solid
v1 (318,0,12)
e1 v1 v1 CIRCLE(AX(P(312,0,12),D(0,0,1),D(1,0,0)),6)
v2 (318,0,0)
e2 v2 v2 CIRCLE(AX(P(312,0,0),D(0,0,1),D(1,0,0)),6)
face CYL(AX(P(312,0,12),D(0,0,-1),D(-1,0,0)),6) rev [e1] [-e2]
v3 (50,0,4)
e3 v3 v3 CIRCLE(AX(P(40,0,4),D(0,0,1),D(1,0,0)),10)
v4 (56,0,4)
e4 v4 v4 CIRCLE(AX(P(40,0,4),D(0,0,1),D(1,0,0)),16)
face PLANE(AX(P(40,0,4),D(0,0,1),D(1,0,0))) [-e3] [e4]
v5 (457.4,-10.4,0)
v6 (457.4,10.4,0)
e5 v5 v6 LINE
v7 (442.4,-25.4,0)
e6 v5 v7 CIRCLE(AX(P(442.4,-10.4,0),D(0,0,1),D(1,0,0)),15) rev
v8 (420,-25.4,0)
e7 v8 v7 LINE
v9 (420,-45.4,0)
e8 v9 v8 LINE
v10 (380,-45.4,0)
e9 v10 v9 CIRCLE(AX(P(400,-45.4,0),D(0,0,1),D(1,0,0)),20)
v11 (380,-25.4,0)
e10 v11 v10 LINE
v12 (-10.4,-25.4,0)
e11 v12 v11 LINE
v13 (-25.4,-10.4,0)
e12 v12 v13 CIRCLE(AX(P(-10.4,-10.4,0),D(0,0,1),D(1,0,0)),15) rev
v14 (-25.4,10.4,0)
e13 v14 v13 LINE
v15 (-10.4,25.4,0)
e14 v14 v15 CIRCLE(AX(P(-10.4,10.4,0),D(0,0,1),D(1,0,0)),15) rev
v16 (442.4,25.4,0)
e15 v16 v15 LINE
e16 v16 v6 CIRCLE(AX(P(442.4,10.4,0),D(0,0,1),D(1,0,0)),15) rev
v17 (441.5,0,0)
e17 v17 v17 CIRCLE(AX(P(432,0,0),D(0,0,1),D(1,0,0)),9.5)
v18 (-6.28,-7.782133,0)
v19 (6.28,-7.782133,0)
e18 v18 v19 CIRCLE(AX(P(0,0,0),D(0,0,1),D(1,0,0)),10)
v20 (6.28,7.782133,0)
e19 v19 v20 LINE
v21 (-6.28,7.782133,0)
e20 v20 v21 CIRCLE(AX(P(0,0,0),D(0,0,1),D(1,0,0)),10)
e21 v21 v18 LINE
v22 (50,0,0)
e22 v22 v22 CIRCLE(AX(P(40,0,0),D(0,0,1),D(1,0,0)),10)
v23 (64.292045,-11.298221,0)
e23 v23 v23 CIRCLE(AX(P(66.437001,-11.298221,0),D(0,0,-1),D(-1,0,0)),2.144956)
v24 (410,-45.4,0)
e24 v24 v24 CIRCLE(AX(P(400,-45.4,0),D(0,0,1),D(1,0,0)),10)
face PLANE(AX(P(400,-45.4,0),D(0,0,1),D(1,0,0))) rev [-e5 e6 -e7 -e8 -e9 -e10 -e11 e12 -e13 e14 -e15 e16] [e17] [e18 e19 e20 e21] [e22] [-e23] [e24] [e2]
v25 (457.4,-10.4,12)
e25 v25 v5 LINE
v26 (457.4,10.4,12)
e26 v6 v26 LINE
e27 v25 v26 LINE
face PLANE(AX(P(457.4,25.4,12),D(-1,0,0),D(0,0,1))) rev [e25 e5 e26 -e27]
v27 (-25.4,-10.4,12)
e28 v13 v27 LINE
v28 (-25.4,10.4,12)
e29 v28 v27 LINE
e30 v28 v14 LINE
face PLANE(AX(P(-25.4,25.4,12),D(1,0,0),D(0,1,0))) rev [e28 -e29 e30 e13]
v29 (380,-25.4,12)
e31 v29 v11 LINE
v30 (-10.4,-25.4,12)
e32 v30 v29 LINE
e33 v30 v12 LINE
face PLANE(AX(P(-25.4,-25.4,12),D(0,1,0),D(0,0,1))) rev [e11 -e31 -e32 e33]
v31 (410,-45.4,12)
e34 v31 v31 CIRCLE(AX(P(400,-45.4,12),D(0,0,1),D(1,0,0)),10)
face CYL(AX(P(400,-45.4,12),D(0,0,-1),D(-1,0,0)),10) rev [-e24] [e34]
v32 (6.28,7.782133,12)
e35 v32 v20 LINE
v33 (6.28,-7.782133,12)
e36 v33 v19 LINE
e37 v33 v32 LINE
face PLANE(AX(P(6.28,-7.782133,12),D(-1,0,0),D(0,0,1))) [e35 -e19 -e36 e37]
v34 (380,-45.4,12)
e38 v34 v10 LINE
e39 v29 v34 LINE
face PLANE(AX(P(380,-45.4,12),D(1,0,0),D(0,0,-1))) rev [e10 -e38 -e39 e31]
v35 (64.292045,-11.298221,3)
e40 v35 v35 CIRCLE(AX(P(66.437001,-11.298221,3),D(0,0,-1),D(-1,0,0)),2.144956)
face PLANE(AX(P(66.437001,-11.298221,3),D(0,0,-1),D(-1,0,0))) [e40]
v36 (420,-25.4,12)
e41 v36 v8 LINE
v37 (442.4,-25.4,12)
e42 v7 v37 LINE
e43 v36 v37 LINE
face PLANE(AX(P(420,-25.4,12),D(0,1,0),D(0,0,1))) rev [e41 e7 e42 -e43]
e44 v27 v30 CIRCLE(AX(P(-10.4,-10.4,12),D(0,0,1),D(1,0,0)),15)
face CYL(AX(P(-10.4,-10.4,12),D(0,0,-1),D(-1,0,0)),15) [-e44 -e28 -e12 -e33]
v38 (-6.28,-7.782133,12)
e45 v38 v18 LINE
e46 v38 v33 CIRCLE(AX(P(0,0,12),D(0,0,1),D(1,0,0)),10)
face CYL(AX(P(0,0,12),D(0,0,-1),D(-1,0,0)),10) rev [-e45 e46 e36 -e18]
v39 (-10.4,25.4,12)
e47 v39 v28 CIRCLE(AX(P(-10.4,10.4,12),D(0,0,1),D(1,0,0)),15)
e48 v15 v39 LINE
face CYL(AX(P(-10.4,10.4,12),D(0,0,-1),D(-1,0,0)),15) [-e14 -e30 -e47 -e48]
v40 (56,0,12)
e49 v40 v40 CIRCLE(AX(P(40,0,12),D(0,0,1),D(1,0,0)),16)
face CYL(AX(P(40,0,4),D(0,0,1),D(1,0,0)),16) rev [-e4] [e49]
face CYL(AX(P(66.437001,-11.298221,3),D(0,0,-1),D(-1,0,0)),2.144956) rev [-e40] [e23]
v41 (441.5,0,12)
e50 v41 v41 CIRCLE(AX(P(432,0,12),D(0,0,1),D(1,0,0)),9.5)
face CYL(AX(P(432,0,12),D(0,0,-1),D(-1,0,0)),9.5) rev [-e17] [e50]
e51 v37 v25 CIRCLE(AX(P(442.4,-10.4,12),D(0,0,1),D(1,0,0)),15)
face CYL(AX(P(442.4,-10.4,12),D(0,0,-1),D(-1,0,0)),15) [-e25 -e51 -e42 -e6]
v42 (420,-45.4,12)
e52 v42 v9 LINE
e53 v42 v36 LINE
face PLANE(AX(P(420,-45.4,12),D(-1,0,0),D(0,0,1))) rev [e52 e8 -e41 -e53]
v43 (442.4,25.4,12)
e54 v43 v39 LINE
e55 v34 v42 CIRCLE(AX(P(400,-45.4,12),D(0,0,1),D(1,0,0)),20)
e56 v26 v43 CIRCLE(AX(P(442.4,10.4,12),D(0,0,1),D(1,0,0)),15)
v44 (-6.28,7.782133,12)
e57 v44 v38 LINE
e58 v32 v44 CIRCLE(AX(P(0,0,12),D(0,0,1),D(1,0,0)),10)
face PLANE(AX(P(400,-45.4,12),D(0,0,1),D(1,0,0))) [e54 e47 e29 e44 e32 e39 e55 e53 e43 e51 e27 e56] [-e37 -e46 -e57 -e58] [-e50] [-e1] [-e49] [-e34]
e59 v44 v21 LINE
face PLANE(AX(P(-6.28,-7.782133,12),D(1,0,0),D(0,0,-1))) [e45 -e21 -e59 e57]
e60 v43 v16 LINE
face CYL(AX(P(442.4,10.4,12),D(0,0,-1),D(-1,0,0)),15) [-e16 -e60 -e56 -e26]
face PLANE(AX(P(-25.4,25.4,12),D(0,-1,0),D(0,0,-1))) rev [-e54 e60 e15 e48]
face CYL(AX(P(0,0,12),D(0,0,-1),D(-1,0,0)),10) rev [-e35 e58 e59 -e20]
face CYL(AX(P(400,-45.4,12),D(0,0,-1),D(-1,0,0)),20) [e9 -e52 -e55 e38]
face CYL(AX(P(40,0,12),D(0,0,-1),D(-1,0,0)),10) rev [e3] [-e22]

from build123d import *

# Parameters (mm, degrees)
CROQUIS1_R              = 9.5
CROQUIS1_R_2            = 10
CROQUIS1_R_3            = 6
SALIENTE_EXTRUIR1_DEPTH = 12
CROQUIS2_R              = 2.144956207
CORTAR_EXTRUIR1_DEPTH   = 3
REDONDEO1_R             = 15
REDONDEO2_R             = 15
CROQUIS4_R              = 16
CORTAR_EXTRUIR2_DEPTH   = 8


with BuildPart() as part:
    # Croquis1 → Saliente-Extruir1 (new body)
    with BuildSketch(Plane.XY):
        with BuildLine():
            Line((380, -45.4), (380, -25.4))
            Line((380, -25.4), (-25.4, -25.4))
            Line((-25.4, -25.4), (-25.4, 25.4))
            Line((-25.4, 25.4), (457.4, 25.4))
            Line((457.4, 25.4), (457.4, -25.4))
            Line((457.4, -25.4), (420, -25.4))
            Line((420, -25.4), (420, -45.4))
            ThreePointArc((420, -45.4), (400, -65.4), (380, -45.4))
        make_face()
        with Locations((432, 0)):
            Circle(CROQUIS1_R, mode=Mode.SUBTRACT)
        with Locations((40, 0)):
            Circle(CROQUIS1_R_2, mode=Mode.SUBTRACT)
        with Locations((312, 0)):
            Circle(CROQUIS1_R_3, mode=Mode.SUBTRACT)
        with Locations((400, -45.4)):
            Circle(CROQUIS1_R_2, mode=Mode.SUBTRACT)
        with BuildLine():
            Line((-6.28, -7.782133384), (-6.28, 7.782133384))
            ThreePointArc((-6.28, 7.782133384), (0, 10), (6.28, 7.782133384))
            Line((6.28, 7.782133384), (6.28, -7.782133384))
            ThreePointArc((6.28, -7.782133384), (0, -10), (-6.28, -7.782133384))
        make_face(mode=Mode.SUBTRACT)
    extrude(amount=SALIENTE_EXTRUIR1_DEPTH)

    # Croquis2 → Cortar-Extruir1 (cut)
    with BuildSketch(Plane(origin=(0, 0, 0), x_dir=(-1, 0, 0), z_dir=(0, 0, -1))):
        with Locations((-66.437001332, -11.298220954)):
            Circle(CROQUIS2_R)
    extrude(amount=-CORTAR_EXTRUIR1_DEPTH, mode=Mode.SUBTRACT)

    # Redondeo1
    redondeo1_edges = [part.edges().sort_by_distance(p)[0] for p in [
        (-25.4, 25.4, 6),
        (-25.4, -25.4, 6),
    ]]
    fillet(redondeo1_edges, radius=REDONDEO1_R)

    # Redondeo2
    redondeo2_edges = [part.edges().sort_by_distance(p)[0] for p in [
        (457.4, 25.4, 6),
        (457.4, -25.4, 6),
    ]]
    fillet(redondeo2_edges, radius=REDONDEO2_R)

    # Croquis4 → Cortar-Extruir2 (cut)
    with BuildSketch(Plane.XY.offset(12)):
        with Locations((40, 0)):
            Circle(CROQUIS4_R)
    extrude(amount=-CORTAR_EXTRUIR2_DEPTH, mode=Mode.SUBTRACT)


solid = part.part
